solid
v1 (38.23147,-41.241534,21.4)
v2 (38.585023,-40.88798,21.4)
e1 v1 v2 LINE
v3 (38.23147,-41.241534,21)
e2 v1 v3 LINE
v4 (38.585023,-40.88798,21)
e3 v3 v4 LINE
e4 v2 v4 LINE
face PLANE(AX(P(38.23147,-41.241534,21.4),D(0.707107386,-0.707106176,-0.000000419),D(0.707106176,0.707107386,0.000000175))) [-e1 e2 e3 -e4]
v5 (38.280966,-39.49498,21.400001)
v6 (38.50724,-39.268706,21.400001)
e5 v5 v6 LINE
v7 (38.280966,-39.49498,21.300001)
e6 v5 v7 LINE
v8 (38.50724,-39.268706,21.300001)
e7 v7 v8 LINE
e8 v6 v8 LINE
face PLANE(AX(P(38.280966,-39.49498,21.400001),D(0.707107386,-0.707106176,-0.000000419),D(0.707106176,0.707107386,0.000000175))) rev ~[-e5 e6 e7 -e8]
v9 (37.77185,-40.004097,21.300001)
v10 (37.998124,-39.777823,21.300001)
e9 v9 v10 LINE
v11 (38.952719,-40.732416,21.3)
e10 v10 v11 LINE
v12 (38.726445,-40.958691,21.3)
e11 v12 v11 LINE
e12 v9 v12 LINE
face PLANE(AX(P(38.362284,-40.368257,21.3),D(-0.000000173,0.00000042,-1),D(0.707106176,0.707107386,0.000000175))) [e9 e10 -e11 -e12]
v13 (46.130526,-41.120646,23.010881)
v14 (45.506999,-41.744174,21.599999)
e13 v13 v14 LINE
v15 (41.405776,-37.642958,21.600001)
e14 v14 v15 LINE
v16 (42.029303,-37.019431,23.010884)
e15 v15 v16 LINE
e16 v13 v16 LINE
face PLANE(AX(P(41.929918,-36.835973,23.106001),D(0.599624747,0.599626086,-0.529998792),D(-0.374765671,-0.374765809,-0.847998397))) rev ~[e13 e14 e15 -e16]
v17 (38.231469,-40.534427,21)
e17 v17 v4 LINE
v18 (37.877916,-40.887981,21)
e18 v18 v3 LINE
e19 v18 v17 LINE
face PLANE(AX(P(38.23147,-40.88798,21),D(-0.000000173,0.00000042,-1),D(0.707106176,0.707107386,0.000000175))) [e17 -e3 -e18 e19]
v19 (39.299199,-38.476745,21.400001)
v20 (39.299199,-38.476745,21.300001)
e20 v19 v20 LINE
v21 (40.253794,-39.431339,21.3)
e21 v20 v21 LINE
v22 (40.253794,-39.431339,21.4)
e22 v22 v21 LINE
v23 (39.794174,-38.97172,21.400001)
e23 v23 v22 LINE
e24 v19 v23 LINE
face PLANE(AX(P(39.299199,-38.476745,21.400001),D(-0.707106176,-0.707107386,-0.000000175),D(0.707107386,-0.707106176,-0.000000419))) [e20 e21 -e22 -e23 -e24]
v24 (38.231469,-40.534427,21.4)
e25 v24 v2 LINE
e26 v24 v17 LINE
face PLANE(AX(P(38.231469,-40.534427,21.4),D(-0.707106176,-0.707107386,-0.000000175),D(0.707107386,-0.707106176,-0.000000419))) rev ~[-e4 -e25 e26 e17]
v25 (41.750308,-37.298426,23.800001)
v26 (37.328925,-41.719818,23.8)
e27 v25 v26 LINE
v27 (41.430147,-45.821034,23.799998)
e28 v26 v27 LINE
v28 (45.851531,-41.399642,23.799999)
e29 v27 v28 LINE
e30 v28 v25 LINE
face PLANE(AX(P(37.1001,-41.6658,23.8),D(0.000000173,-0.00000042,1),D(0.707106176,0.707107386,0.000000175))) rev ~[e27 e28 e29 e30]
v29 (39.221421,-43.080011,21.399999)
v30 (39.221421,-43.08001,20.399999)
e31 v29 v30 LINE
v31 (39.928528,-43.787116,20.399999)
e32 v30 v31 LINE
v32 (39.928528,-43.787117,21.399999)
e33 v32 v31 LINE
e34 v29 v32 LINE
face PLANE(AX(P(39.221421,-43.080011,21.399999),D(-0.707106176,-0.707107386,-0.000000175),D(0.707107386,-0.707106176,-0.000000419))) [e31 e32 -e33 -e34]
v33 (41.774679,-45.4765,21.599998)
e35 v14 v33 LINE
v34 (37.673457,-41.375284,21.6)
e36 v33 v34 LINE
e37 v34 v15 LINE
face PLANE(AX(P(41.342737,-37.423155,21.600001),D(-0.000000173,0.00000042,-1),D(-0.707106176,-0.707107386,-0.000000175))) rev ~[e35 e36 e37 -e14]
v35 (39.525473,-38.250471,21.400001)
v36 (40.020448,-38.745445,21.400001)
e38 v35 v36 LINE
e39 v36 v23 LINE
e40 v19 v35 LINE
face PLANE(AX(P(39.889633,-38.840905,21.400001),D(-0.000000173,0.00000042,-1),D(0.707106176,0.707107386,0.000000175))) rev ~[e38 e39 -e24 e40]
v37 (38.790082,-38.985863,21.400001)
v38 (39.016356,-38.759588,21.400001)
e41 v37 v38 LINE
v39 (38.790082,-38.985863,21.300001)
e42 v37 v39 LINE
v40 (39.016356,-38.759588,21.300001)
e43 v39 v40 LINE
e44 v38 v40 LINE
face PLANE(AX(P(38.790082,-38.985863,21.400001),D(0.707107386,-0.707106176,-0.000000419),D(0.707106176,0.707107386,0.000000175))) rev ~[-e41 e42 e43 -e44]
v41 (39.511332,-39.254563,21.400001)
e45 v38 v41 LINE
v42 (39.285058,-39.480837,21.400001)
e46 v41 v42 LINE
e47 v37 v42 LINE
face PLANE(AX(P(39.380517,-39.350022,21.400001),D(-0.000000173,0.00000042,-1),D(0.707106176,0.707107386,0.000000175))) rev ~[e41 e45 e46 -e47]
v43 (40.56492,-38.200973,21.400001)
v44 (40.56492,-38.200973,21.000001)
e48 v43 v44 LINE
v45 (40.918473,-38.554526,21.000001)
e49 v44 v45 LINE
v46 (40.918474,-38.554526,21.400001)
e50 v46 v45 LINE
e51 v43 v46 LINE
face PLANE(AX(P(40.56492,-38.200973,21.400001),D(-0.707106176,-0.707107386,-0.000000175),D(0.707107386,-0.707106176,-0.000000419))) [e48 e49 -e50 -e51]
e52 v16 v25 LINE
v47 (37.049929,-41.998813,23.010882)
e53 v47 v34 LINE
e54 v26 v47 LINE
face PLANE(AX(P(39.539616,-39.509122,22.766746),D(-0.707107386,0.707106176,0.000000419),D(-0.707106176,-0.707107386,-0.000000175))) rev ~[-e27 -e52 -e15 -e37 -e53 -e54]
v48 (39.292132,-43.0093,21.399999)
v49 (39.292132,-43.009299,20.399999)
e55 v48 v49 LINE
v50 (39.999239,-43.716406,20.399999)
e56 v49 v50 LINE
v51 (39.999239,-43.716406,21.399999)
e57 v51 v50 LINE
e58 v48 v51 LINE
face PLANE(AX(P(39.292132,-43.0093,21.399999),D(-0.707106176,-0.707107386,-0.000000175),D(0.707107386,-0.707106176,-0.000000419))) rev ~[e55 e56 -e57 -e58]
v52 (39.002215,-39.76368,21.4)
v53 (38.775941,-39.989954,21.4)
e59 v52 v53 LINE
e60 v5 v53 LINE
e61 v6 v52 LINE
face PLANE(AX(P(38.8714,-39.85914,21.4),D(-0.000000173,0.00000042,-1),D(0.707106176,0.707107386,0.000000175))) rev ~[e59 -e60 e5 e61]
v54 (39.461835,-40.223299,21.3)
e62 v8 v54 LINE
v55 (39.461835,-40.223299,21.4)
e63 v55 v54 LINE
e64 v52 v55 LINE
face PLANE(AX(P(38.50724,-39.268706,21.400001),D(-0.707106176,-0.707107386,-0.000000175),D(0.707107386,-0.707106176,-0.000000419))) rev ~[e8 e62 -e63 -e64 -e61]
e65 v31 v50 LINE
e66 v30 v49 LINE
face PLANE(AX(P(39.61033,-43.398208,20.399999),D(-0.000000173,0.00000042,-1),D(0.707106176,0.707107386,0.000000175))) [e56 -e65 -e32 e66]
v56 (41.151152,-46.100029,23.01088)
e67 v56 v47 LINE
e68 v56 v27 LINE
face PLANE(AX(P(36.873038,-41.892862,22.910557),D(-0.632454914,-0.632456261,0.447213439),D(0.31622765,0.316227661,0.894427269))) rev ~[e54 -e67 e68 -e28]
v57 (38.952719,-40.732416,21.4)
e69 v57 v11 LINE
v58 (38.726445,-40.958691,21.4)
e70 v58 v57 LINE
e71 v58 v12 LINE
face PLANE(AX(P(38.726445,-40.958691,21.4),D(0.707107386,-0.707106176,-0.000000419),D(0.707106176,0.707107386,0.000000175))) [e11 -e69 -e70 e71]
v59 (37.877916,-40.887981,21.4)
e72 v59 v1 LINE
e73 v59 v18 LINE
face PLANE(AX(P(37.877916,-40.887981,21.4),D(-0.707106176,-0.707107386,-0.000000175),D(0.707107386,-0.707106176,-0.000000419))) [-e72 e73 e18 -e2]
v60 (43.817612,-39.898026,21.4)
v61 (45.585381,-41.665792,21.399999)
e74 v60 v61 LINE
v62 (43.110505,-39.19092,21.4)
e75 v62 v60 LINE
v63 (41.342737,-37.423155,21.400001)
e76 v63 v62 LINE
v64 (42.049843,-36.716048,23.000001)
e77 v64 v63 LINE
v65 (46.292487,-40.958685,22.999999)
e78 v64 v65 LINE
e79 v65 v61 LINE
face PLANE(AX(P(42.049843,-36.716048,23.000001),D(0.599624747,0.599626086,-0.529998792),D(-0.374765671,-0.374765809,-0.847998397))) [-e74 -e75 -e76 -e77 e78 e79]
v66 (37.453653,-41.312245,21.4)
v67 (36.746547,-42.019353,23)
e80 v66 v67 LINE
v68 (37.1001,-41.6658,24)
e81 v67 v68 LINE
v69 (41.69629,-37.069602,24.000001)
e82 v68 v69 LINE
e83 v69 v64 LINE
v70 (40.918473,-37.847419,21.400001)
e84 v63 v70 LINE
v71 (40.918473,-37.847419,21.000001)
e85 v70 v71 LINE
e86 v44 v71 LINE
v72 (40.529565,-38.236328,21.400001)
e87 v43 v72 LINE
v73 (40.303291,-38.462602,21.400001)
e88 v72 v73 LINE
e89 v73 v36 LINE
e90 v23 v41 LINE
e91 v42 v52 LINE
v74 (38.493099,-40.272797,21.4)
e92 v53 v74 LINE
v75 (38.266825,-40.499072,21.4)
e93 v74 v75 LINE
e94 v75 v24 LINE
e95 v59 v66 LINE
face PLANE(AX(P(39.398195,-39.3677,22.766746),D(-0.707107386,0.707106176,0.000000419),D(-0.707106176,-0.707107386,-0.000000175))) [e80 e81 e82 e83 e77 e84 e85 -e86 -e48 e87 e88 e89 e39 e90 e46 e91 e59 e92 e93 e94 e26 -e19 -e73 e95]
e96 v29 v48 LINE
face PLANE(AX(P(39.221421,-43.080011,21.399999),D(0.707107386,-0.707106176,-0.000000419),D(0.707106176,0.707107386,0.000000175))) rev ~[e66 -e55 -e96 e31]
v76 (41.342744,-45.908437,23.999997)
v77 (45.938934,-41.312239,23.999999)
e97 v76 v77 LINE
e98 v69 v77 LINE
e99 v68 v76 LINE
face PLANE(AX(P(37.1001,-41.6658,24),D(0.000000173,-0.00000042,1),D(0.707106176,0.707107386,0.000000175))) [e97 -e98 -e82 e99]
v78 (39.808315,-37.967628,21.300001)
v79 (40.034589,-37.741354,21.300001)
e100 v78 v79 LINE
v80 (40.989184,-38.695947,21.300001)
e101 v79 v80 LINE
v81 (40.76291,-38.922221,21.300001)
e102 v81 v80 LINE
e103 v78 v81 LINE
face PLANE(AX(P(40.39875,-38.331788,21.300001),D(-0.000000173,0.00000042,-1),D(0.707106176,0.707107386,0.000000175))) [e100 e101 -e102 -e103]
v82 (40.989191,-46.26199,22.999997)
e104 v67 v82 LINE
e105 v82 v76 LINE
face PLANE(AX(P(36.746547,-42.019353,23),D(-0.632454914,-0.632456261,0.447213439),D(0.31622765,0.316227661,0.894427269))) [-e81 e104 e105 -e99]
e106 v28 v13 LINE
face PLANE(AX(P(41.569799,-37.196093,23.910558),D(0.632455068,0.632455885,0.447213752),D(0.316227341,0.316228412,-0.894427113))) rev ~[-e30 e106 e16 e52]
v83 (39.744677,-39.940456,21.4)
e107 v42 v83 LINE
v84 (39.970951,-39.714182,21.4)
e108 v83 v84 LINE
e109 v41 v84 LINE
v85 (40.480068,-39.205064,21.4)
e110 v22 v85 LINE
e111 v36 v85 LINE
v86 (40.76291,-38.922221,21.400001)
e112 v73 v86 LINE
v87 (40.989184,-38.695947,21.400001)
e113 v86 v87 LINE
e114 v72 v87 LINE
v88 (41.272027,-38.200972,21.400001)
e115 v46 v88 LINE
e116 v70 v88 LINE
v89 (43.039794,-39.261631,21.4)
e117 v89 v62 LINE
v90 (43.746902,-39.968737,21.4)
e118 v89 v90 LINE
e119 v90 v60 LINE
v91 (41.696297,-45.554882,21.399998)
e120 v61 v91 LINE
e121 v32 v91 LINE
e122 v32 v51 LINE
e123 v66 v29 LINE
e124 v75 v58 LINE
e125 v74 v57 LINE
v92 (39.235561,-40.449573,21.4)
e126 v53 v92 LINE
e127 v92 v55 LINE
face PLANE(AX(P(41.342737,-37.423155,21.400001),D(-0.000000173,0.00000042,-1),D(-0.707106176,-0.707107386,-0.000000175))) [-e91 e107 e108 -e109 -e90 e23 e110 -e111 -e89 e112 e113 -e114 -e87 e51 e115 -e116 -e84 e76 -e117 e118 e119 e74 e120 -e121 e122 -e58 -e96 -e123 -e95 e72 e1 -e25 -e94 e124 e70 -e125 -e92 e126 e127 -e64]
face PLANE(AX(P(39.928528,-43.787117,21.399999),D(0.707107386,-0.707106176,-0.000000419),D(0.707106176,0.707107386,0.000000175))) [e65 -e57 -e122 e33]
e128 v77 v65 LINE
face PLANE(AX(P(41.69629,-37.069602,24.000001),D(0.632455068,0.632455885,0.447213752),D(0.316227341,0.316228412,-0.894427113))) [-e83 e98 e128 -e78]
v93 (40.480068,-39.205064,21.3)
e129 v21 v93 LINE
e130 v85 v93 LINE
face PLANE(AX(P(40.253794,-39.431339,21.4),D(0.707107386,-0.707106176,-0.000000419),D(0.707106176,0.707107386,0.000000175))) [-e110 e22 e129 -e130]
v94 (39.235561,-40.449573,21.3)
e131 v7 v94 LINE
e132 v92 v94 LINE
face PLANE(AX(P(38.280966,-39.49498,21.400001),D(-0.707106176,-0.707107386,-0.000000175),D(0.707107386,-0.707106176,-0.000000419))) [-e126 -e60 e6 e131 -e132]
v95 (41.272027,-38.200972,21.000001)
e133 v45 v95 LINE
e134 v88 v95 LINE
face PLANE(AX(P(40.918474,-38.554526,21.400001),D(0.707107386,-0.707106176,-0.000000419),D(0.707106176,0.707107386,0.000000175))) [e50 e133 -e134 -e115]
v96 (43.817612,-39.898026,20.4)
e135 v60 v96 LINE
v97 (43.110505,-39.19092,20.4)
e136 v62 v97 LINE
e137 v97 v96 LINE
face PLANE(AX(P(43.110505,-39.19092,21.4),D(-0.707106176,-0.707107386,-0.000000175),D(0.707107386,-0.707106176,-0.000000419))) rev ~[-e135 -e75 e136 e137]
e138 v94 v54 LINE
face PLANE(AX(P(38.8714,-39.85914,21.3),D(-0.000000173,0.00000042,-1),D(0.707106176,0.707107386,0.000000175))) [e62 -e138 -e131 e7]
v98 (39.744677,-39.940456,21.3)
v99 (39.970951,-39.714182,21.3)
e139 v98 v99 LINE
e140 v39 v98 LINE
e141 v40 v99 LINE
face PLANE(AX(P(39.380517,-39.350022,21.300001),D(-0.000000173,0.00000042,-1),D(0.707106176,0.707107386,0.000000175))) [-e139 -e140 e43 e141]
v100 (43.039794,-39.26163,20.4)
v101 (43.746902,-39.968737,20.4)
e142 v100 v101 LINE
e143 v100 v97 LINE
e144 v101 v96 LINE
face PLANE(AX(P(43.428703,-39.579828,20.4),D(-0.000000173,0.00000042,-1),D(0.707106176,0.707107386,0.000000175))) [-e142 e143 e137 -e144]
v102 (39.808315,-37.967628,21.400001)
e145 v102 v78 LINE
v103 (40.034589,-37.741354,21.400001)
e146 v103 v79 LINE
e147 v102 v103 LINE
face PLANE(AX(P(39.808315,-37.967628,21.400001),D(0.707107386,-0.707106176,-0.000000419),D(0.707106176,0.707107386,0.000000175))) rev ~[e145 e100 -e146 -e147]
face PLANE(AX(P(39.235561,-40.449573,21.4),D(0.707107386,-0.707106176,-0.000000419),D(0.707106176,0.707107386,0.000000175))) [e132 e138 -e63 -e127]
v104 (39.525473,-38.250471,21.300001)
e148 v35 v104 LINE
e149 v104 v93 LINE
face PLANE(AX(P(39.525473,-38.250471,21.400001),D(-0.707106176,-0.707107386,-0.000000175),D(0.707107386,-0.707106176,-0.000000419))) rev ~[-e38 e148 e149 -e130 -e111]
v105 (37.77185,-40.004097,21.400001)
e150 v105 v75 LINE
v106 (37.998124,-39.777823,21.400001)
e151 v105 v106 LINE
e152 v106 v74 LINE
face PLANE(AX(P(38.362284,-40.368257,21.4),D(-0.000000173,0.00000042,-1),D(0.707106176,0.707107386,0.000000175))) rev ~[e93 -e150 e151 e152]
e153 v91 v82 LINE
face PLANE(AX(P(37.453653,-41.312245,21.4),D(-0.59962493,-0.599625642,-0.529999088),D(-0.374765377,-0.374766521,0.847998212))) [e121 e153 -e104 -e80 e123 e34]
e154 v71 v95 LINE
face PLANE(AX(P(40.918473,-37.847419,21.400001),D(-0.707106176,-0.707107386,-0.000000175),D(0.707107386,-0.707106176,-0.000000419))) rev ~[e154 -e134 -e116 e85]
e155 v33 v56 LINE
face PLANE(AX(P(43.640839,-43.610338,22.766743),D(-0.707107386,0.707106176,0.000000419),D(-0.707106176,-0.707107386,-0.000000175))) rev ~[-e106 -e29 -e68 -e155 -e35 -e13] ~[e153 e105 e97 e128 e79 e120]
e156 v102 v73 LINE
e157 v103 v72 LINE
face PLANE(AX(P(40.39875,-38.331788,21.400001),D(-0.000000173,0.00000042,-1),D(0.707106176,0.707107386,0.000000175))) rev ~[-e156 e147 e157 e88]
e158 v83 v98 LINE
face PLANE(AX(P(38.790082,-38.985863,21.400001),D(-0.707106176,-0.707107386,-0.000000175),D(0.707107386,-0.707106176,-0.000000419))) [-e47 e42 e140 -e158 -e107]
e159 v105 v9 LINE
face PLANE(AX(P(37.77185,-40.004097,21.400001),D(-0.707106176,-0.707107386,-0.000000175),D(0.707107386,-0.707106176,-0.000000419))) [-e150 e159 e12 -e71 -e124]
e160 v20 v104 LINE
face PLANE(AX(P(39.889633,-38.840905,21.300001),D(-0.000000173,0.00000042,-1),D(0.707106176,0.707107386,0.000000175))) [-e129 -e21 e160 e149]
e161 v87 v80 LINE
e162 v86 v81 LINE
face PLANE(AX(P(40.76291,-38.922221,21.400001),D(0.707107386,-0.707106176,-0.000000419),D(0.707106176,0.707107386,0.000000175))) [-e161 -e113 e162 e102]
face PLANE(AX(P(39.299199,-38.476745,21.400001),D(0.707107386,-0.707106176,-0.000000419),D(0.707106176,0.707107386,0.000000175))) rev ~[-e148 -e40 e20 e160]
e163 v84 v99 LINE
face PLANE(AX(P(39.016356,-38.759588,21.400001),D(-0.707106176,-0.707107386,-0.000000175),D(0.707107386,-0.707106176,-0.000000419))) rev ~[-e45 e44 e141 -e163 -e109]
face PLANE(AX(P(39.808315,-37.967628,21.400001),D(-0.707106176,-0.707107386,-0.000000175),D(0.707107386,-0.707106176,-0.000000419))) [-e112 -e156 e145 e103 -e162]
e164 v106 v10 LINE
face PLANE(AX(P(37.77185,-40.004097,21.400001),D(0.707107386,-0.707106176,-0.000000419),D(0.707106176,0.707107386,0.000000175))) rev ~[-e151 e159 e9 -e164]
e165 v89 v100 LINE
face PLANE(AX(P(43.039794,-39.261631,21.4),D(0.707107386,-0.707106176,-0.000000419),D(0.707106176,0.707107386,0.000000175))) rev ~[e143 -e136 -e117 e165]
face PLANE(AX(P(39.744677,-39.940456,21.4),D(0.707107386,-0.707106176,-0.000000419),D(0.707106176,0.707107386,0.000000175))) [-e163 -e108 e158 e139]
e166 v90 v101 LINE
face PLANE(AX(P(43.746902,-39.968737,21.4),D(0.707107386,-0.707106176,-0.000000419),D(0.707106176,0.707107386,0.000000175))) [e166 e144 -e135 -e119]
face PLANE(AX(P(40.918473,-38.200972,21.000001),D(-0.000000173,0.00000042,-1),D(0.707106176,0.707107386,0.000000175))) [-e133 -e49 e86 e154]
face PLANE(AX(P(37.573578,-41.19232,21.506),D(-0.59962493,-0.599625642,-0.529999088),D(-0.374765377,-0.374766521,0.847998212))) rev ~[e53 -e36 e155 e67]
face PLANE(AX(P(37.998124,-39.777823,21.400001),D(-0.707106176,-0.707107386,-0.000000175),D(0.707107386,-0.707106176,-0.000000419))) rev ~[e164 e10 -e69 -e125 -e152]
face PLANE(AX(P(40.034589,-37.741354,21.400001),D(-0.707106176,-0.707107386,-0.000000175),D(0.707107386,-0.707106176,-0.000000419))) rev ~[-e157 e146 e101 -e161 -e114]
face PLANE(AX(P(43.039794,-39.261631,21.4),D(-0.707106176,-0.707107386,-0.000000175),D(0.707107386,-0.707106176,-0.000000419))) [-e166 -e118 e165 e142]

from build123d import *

# Parameters (mm, degrees)
PAD020_DEPTH            = 6
THICKNESS_T             = -0.2
SKETCH043_W             = 0.1
SKETCH043_H             = 1
PAD001_DEPTH            = 1
SKETCH044_W             = 0.5
SKETCH044_H             = 0.5
PAD002_DEPTH            = 0.4
SKETCH003_W             = 0.32
SKETCH003_H             = 1.35
PAD003_DEPTH            = 0.1
BODY001_ROLL_ANGLE      = 90.000024
BODY001_PITCH_ANGLE     = -1e-05
BODY001_PLACEMENT_ANGLE = 45.000049


with BuildPart() as part:
    # Sketch042 → Pad020 (new body)
    with BuildSketch(Plane.XY):
        Polygon((0, 0), (6.5, 0), (7, -1), (6, -2.6), (0.5, -2.6), (-0.5, -1), align=None)
    extrude(amount=PAD020_DEPTH)

    # Thickness
    thickness_openings = [part.faces().sort_by_distance(p)[0] for p in [
        (3.25, -1.25728, 6),
    ]]
    offset(amount=THICKNESS_T, openings=thickness_openings)

    # Sketch043 (on Face5 of Thickness) → Pad001 (join)
    with BuildSketch(Plane.XZ.offset(2.6)):
        with Locations((5.95, 3)):
            Rectangle(SKETCH043_W, SKETCH043_H)
        with Locations((0.55, 3)):
            Rectangle(SKETCH043_W, SKETCH043_H)
    extrude(amount=PAD001_DEPTH)

    # Sketch044 (on Face7 of Pad001) → Pad002 (join)
    with BuildSketch(Plane.XZ.offset(2.6)):
        with Locations((1.35, 0.25)):
            Rectangle(SKETCH044_W, SKETCH044_H)
        with Locations((5.15, 0.25)):
            Rectangle(SKETCH044_W, SKETCH044_H)
    extrude(amount=PAD002_DEPTH)

    # Sketch003 (on Face7 of Pad002) → Pad003 (join)
    with BuildSketch(Plane.XZ.offset(2.6)):
        with Locations((1.81, -0.025)):
            Rectangle(SKETCH003_W, SKETCH003_H)
        with Locations((2.53, -0.025)):
            Rectangle(SKETCH003_W, SKETCH003_H)
        with Locations((3.25, -0.025)):
            Rectangle(SKETCH003_W, SKETCH003_H)
        with Locations((3.97, -0.025)):
            Rectangle(SKETCH003_W, SKETCH003_H)
        with Locations((4.69, -0.025)):
            Rectangle(SKETCH003_W, SKETCH003_H)
    extrude(amount=PAD003_DEPTH)


with BuildPart() as part_1:
    # Body001 roll: moved
    add(part.part.rotate(Axis((0, 0, 0), (1, 0, 0)), BODY001_ROLL_ANGLE))


with BuildPart() as part_2:
    # Body001 pitch: moved
    add(part_1.part.rotate(Axis((0, 0, 0), (0, 1, 0)), BODY001_PITCH_ANGLE))


with BuildPart() as part_3:
    # Body001 placement: moved
    add(part_2.part.moved(Location((37.1001, -41.6658, 24))).rotate(Axis((37.1001, -41.6658, 24), (0, 0, 1)), BODY001_PLACEMENT_ANGLE))


solid = part_3.part
